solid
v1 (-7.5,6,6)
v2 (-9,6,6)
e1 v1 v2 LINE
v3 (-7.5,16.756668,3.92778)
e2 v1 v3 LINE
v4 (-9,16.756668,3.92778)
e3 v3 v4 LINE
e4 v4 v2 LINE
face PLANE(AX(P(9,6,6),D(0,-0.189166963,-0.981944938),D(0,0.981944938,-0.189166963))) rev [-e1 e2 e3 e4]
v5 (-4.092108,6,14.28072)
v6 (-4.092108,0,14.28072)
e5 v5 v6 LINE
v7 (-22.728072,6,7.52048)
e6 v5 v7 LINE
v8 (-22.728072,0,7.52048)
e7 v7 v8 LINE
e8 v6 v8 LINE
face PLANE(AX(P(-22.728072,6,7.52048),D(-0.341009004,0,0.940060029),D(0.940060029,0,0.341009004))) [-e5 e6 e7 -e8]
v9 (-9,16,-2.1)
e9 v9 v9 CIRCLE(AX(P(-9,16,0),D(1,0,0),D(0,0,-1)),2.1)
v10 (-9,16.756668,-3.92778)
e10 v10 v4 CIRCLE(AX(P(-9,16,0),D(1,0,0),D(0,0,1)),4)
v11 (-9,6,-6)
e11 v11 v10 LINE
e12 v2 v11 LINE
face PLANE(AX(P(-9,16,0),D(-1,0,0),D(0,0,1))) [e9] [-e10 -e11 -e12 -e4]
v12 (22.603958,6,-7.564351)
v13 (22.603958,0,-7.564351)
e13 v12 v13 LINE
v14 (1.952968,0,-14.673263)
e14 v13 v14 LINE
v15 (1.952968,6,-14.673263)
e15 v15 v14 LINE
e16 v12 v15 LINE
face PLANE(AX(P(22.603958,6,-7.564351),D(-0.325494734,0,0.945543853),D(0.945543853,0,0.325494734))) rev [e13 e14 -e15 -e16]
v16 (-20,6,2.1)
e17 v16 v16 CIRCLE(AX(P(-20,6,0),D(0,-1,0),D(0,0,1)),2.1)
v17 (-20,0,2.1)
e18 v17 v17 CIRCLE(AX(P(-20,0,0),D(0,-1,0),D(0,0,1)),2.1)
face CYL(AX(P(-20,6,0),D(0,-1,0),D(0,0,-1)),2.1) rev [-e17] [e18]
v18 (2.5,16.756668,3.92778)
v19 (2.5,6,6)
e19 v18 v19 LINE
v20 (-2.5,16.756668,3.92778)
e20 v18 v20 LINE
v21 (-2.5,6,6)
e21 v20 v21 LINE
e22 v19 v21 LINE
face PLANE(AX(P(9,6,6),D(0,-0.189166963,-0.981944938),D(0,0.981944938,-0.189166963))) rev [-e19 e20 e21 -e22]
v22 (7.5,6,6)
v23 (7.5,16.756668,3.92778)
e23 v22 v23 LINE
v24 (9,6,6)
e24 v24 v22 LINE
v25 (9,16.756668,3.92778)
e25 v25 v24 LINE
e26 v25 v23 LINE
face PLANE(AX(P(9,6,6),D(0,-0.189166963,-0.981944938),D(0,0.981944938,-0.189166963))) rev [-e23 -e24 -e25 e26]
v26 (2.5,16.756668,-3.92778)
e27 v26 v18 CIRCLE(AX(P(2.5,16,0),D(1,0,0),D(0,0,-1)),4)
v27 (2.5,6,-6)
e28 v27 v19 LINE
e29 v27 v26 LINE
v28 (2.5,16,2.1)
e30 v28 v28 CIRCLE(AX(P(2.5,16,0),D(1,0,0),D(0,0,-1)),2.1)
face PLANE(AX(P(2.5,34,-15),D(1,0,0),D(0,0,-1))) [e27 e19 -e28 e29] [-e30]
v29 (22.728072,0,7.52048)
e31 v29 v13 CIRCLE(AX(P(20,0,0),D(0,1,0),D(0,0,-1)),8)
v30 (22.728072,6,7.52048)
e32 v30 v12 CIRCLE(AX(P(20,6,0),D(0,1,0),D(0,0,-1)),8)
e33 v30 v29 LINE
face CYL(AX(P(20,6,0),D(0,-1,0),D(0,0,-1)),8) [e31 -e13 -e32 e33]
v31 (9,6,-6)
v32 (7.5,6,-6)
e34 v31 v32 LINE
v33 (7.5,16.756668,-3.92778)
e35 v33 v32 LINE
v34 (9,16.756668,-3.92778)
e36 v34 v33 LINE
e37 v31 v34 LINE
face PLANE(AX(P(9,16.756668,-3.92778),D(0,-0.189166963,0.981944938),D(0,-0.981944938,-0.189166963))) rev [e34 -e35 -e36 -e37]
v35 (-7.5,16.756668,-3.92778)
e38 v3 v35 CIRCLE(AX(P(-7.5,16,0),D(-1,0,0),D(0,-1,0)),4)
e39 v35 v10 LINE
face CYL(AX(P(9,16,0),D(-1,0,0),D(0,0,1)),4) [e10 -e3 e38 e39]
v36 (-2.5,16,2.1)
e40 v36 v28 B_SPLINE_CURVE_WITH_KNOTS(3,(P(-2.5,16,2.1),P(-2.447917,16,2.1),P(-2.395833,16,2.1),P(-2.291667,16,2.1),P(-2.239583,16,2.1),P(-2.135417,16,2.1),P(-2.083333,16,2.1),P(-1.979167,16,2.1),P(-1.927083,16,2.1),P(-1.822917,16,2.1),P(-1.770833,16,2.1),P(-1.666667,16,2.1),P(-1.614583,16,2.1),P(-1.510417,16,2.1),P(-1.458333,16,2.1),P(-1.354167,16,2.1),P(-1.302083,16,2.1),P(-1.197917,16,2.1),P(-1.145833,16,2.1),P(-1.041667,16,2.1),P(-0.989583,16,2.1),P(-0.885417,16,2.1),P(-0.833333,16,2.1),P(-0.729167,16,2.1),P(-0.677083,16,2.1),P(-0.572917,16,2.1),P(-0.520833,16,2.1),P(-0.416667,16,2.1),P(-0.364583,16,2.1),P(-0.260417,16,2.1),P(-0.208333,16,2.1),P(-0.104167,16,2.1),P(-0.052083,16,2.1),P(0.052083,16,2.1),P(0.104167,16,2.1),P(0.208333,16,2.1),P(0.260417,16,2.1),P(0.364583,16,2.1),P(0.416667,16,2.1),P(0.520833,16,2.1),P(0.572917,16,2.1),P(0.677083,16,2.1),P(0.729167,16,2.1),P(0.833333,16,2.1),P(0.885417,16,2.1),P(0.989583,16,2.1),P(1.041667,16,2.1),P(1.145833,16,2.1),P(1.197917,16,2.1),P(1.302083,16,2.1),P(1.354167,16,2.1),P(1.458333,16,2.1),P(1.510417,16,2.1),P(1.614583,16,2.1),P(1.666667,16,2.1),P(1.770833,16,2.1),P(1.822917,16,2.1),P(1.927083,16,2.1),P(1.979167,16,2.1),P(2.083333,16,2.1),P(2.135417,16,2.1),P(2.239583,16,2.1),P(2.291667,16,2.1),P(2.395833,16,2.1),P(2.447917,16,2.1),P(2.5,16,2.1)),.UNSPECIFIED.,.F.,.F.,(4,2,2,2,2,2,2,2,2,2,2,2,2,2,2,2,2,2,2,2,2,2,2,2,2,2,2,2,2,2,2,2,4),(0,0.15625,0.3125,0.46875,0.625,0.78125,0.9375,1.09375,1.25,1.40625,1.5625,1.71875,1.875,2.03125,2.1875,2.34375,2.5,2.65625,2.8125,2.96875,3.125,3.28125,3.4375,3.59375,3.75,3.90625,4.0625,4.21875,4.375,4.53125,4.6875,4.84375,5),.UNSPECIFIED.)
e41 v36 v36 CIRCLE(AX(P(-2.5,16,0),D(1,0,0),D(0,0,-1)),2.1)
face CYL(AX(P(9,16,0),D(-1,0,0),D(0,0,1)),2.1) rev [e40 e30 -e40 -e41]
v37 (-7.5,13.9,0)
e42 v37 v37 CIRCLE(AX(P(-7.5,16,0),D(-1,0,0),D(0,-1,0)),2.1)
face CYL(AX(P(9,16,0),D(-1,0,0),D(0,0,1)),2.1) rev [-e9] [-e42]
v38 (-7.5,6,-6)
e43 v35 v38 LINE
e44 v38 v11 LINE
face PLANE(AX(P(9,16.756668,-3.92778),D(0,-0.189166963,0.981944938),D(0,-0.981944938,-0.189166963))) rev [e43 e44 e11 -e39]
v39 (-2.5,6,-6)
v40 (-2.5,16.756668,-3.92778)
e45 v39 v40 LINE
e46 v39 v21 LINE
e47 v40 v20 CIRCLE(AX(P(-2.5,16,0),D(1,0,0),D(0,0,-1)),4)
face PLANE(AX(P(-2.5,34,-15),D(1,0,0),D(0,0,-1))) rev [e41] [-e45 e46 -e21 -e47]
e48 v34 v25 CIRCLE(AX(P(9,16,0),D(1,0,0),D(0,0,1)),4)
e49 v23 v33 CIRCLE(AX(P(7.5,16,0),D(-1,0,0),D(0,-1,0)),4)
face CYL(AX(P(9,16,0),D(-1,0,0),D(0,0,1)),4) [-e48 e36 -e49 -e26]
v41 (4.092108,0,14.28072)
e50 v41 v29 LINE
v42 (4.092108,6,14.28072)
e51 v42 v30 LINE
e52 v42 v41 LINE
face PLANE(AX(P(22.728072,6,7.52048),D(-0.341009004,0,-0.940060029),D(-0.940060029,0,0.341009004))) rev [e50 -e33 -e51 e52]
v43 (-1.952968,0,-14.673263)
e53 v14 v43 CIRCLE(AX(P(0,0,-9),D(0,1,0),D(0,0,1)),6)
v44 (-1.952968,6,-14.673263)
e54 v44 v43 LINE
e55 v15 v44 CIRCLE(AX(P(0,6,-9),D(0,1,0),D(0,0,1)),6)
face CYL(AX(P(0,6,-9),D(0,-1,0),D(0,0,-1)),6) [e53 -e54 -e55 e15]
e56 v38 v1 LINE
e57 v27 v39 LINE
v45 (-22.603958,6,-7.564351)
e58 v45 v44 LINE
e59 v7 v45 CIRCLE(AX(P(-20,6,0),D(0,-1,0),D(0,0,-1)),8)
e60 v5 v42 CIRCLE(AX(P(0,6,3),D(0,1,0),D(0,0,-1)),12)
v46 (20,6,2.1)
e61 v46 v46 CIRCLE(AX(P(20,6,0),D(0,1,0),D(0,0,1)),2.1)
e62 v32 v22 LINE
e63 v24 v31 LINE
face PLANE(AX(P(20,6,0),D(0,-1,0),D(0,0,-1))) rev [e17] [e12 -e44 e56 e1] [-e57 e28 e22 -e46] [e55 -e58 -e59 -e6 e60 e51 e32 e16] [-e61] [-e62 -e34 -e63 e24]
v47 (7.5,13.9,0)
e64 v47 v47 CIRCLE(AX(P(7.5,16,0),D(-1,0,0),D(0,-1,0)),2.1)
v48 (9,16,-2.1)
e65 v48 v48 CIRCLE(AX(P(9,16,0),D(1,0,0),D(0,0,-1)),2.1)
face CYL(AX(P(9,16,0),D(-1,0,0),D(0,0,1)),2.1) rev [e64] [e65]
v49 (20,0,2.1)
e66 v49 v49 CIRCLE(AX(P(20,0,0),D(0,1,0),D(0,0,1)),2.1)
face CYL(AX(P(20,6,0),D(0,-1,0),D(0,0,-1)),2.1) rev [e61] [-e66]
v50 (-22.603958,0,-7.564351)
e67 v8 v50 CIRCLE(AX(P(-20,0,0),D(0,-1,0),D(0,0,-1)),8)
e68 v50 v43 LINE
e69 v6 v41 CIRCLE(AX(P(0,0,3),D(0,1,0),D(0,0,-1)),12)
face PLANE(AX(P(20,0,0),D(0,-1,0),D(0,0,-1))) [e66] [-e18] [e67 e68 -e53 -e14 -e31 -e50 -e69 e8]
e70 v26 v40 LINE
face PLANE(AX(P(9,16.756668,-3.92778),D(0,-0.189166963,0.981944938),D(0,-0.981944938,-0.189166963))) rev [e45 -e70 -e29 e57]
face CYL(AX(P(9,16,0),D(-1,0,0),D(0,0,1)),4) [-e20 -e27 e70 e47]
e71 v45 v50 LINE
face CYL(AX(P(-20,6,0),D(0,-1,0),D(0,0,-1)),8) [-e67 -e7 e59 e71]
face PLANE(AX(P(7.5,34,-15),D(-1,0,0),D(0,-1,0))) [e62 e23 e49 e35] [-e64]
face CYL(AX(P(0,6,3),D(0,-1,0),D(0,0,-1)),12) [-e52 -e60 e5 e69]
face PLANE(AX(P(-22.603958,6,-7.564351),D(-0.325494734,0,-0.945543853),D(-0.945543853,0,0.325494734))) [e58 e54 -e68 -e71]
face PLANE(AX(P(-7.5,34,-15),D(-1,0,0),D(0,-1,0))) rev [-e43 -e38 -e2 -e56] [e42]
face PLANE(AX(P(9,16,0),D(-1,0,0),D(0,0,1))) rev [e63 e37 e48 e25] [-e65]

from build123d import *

# Parameters (mm, degrees)
SKETCH1_R           = 2.1
BOSS_EXTRUDE1_DEPTH = 6
SKETCH2_R           = 2.1
BOSS_EXTRUDE2_DEPTH = 9
SKETCH3_W           = 5
SKETCH3_H           = 28
CUT_EXTRUDE1_DEPTH  = 38.536648758


with BuildPart() as part:
    # Sketch1 → Boss-Extrude1 (new body)
    with BuildSketch(Plane(origin=(0, 0, 0), x_dir=(1, 0, 0), z_dir=(0, 1, 0))):
        with BuildLine():
            Line((22.603957871, 7.564350825), (1.952968403, 14.673263119))
            ThreePointArc((1.952968403, 14.673263119), (0.990055879, 14.917752053), (0, 15))
            Line((0, 15), (0, -15))
            ThreePointArc((0, -15), (2.077420969, -14.818812213), (4.092108053, -14.280720353))
            Line((4.092108053, -14.280720353), (22.728072035, -7.520480235))
            ThreePointArc((22.728072035, -7.520480235), (27.999729231, 0.065819743), (22.603957871, 7.564350825))
        make_face()
        with Locations(Location((20, 0, 0), (0, 0, 270))):
            Circle(SKETCH1_R, mode=Mode.SUBTRACT)
    boss_extrude1 = extrude(amount=BOSS_EXTRUDE1_DEPTH)

    # Mirror1: Boss-Extrude1 across plane
    add(boss_extrude1.mirror(Plane(origin=(0, 6, -15), x_dir=(0, 0, 1), z_dir=(1, 0, 0))))

    # Sketch2 → Boss-Extrude2 (add, symmetric)
    with BuildSketch(Plane(origin=(0, 0, 0), x_dir=(0, 0, -1), z_dir=(1, 0, 0))):
        with BuildLine():
            Line((-6, 6), (-3.92777975, 16.75666785))
            ThreePointArc((-3.92777975, 16.75666785), (0, 20), (3.92777975, 16.75666785))
            Line((3.92777975, 16.75666785), (6, 6))
            Line((6, 6), (-6, 6))
        make_face()
        with Locations((0, 16)):
            Circle(SKETCH2_R, mode=Mode.SUBTRACT)
    extrude(amount=BOSS_EXTRUDE2_DEPTH, both=True)

    # Sketch3 → Cut-Extrude1 (cut, symmetric)
    with BuildSketch(Plane.XY):
        with Locations((-5, 20)):
            Rectangle(SKETCH3_W, SKETCH3_H)
    cut_extrude1 = extrude(amount=CUT_EXTRUDE1_DEPTH, both=True, mode=Mode.SUBTRACT)

    # Mirror2: Cut-Extrude1 across plane
    add(cut_extrude1.mirror(Plane(origin=(0, 0, 0), x_dir=(0, 0, 1), z_dir=(1, 0, 0))), mode=Mode.SUBTRACT)


solid = part.part
